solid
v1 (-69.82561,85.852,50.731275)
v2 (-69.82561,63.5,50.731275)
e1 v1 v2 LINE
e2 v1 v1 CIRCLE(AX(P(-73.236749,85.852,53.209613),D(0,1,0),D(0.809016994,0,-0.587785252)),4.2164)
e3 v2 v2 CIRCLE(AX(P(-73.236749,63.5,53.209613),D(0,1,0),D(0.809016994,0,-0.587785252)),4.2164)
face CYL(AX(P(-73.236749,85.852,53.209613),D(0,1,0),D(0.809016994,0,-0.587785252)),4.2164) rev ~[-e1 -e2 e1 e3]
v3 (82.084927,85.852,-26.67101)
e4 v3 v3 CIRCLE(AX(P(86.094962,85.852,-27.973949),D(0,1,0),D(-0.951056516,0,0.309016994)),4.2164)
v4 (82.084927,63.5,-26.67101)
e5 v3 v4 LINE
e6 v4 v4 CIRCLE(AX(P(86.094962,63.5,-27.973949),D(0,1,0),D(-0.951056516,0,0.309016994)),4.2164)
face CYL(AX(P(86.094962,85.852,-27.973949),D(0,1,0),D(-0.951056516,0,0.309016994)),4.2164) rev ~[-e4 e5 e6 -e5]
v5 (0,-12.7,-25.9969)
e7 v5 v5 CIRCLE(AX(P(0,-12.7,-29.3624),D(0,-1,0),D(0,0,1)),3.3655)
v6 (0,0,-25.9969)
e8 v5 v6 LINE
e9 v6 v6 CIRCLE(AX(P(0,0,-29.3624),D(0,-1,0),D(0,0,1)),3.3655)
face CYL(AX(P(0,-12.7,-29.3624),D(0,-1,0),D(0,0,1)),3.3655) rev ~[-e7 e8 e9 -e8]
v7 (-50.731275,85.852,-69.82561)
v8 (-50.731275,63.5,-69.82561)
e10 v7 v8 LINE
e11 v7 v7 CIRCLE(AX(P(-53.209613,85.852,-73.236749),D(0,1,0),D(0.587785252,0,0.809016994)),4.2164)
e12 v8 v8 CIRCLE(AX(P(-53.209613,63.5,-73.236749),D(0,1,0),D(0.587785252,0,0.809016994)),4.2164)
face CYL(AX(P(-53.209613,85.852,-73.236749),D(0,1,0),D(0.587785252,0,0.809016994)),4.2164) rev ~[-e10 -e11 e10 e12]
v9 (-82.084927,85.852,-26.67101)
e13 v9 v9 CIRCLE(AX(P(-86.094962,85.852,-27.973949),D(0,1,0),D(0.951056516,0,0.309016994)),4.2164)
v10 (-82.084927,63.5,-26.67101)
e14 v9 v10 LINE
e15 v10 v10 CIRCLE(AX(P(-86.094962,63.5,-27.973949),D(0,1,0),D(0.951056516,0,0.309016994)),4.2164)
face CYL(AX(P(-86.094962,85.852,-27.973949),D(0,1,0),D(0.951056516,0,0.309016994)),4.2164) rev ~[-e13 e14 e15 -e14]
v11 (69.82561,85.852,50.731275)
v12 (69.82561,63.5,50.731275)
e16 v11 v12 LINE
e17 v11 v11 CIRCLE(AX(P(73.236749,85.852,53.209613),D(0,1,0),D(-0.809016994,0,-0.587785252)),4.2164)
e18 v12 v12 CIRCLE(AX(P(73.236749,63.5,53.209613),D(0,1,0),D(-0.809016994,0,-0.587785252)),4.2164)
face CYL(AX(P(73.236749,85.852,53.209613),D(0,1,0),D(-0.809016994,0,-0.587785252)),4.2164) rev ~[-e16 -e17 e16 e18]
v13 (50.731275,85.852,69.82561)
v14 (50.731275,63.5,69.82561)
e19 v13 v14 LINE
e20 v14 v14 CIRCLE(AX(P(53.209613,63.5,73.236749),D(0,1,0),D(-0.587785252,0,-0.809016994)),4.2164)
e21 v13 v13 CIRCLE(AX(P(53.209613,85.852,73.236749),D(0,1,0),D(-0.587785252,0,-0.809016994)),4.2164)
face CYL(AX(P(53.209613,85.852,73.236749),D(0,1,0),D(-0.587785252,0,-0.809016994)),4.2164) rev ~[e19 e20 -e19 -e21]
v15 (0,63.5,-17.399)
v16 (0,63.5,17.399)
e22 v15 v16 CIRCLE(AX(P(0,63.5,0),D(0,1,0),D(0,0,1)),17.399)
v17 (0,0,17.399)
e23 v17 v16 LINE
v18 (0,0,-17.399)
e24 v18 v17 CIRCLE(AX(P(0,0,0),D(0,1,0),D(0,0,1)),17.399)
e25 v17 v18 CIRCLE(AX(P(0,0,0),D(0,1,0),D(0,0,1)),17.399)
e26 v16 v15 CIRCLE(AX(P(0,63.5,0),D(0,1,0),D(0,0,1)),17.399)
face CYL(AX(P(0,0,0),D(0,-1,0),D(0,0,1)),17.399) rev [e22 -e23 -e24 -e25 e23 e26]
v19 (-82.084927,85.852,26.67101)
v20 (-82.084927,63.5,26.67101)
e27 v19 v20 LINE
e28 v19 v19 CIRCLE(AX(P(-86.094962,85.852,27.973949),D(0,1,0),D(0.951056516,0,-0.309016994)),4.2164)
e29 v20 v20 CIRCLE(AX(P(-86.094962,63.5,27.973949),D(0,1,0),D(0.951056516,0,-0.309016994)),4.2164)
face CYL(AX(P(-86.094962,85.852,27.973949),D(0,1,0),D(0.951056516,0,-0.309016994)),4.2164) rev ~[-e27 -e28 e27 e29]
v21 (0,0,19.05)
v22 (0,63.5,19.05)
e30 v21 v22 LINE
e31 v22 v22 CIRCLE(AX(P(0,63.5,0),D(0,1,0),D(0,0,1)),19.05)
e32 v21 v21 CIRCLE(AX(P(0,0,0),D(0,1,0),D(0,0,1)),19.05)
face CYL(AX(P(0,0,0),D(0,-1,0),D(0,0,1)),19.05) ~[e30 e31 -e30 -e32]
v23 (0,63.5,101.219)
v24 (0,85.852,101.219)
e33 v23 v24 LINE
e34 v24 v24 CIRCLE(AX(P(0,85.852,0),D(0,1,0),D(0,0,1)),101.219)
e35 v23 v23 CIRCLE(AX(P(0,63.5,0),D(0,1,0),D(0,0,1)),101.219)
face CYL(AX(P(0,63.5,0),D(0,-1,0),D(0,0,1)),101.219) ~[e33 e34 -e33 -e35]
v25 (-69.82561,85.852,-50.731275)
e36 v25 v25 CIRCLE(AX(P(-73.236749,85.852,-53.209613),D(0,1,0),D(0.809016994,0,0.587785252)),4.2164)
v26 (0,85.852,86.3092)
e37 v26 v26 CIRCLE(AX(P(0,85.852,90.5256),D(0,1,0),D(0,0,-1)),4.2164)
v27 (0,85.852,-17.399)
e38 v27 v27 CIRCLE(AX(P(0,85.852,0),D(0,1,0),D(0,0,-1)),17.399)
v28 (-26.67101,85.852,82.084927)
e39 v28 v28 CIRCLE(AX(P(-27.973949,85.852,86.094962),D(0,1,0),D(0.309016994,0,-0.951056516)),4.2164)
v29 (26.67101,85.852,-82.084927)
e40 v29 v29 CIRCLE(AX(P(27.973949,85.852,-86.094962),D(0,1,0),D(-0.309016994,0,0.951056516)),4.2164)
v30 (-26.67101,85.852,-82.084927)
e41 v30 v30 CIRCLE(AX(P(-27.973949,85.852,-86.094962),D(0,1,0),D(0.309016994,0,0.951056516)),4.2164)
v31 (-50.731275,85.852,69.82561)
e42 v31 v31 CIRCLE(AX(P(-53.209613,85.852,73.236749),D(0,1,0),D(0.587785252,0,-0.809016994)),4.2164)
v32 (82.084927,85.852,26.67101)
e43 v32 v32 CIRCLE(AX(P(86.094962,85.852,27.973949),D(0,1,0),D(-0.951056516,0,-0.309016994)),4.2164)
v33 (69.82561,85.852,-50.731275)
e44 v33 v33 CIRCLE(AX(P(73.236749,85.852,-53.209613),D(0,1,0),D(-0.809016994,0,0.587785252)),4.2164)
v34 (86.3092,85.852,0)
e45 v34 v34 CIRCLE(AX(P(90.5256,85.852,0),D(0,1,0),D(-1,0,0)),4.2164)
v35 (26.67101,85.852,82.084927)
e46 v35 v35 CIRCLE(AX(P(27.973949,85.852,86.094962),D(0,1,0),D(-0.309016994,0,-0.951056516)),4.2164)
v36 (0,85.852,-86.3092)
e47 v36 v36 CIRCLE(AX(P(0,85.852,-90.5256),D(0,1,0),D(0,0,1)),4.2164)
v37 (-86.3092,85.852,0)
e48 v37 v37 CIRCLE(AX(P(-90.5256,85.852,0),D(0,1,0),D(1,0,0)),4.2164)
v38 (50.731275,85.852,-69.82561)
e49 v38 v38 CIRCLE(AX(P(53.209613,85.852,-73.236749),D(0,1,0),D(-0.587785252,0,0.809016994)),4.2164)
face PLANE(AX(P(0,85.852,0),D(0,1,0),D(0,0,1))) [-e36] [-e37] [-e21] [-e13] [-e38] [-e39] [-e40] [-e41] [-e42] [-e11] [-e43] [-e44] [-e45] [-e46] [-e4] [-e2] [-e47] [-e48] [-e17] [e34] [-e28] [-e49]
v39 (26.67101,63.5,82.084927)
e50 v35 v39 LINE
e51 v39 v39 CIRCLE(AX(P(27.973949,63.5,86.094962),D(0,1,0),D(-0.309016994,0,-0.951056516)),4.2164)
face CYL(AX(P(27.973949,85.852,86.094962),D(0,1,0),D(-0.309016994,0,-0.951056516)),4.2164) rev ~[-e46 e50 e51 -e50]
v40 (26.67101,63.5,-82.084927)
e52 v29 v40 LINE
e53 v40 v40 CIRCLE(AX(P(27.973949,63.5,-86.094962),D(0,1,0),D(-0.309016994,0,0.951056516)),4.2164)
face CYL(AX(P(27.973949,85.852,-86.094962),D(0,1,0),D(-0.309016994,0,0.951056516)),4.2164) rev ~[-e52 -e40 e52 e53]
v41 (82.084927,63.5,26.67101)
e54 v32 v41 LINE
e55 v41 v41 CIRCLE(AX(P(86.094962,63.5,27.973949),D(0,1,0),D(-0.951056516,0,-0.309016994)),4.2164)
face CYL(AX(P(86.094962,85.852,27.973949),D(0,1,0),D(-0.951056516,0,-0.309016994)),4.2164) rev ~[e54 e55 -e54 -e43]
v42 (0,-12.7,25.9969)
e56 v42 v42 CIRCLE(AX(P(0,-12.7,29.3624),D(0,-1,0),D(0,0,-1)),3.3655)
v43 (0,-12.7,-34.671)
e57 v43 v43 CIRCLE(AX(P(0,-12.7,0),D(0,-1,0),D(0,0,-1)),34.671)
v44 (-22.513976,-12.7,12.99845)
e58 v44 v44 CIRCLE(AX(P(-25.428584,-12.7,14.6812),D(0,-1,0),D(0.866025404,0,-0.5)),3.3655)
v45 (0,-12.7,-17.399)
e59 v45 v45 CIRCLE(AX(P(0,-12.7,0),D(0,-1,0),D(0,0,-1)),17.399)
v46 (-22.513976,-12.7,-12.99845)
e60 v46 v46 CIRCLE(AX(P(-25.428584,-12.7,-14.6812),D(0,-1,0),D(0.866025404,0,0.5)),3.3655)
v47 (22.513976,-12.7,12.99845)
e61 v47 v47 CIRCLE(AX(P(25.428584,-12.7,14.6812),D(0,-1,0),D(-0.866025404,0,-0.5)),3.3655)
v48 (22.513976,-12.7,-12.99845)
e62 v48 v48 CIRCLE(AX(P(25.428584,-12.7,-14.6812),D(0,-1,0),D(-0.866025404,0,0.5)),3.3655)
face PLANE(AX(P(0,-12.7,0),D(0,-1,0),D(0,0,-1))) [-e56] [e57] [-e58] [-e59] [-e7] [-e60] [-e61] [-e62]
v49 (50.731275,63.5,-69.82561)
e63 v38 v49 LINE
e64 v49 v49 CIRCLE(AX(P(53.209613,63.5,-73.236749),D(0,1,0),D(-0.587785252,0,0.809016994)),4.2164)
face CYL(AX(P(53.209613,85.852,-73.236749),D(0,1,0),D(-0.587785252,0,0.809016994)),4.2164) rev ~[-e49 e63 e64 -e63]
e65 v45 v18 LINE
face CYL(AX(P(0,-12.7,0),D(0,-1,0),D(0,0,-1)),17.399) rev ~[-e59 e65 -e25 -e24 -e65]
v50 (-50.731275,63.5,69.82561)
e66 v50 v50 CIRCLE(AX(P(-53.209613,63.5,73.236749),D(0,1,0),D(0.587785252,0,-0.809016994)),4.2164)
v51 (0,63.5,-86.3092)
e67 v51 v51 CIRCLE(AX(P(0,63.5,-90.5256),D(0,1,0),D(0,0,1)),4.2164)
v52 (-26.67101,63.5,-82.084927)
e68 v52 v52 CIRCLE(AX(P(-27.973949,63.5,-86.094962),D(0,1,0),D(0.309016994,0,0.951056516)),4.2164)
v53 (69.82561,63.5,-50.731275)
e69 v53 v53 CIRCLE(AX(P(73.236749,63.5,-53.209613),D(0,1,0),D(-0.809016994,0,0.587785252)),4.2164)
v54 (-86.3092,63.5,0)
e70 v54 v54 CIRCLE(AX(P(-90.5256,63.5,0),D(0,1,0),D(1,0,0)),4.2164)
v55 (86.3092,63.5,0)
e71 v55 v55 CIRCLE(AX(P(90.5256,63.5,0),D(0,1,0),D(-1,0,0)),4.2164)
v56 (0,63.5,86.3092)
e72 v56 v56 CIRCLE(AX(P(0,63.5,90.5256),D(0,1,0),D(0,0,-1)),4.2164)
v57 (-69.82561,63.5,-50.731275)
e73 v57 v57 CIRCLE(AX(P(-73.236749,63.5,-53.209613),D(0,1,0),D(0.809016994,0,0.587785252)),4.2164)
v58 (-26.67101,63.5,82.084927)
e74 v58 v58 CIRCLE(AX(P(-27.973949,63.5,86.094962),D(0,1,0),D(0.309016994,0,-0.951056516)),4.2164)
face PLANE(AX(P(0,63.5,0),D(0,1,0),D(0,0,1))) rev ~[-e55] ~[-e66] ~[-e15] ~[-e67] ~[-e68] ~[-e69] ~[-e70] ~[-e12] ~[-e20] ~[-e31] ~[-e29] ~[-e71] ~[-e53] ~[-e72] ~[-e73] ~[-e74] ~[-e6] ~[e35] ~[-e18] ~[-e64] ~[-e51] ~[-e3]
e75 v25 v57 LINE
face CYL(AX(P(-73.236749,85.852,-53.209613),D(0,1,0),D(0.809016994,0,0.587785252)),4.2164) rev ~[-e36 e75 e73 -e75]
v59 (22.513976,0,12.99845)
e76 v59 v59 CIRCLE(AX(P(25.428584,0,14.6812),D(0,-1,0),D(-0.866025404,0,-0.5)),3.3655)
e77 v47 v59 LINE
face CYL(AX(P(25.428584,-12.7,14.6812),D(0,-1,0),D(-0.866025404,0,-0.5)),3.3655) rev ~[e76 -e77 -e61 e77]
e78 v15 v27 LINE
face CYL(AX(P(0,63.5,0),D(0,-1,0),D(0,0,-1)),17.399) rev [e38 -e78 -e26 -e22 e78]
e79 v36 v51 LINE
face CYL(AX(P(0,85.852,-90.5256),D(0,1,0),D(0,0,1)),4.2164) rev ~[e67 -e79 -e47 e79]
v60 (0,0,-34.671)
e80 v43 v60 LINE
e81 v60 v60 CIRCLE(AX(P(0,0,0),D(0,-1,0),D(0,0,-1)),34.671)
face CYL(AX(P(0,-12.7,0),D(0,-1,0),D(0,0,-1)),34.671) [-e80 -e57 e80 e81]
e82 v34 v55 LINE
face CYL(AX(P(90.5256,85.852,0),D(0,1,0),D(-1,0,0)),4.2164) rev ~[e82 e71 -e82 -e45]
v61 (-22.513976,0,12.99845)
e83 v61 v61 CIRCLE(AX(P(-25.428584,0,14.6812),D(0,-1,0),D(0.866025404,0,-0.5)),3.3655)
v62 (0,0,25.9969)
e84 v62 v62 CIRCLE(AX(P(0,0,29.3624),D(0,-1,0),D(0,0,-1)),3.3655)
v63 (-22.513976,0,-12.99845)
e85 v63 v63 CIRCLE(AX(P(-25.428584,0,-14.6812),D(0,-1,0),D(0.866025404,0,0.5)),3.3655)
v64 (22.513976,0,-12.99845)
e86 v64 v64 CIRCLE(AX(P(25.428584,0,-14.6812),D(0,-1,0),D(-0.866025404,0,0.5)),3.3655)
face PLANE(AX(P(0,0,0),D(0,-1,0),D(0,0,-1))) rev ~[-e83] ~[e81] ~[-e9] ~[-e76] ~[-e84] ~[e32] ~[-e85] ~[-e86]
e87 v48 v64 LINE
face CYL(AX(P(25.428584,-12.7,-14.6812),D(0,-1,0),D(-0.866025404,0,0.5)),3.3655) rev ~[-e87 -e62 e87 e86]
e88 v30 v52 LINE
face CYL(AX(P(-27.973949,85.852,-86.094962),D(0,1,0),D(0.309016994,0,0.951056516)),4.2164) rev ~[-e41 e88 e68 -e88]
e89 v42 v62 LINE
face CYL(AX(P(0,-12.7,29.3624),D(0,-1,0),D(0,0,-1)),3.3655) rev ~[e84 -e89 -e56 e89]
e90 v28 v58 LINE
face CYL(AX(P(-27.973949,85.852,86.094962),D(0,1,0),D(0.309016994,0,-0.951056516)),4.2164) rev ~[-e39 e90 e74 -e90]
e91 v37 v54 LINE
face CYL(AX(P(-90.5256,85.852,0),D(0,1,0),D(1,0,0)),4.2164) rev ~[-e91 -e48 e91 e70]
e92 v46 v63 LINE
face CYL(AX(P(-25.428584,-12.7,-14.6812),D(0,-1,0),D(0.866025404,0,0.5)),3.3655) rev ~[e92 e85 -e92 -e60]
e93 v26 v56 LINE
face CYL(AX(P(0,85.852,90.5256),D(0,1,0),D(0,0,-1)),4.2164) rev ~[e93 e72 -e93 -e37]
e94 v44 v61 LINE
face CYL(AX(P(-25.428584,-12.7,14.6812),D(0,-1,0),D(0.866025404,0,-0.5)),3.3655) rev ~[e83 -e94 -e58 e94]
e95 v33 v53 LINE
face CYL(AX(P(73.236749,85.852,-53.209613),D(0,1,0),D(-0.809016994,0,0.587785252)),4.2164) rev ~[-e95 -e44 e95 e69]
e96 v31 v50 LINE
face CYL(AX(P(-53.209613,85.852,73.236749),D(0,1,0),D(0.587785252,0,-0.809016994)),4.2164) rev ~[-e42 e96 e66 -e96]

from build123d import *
from build123d.topology import SkipClean

# Parameters (mm, degrees)
SKETCH1_R         = 19.05
SKETCH1_R_2       = 17.399
EXTRUDE1_DEPTH    = 63.5
EXTRUDE2_START    = 12.7
SKETCH2_R         = 34.671
SKETCH2_R_2       = 17.399
EXTRUDE2_DEPTH    = 12.7
SKETCH3_R         = 101.219
SKETCH3_R_2       = 17.399
EXTRUDE3_DEPTH    = 22.352
EXTRUDE4_REACH    = 175.79
SKETCH4_R         = 4.2164
CIRPATTERN1_COUNT = 20
EXTRUDE5_REACH    = 175.79
SKETCH6_R         = 3.3655
CIRPATTERN2_COUNT = 6


with BuildPart() as part:
    # Sketch1 → Extrude1 (new body)
    with BuildSketch(Plane(origin=(0, 0, 0), x_dir=(1, 0, 0), z_dir=(0, 1, 0))):
        with Locations(Location((0, 0, 0), (0, 0, 270))):
            Circle(SKETCH1_R)
        with Locations(Location((0, 0, 0), (0, 0, 270))):
            Circle(SKETCH1_R_2, mode=Mode.SUBTRACT)
    extrude(amount=EXTRUDE1_DEPTH)

    # Sketch2 → Extrude2 (add)
    with SkipClean():  # the faces are left unmerged after this step: merging them gives an invalid solid
        with BuildSketch(Plane.XZ.offset(EXTRUDE2_START)):
            with Locations(Location((0, 0, 0), (0, 0, 270))):
                Circle(SKETCH2_R)
            with Locations(Location((0, 0, 0), (0, 0, 270))):
                Circle(SKETCH2_R_2, mode=Mode.SUBTRACT)
        extrude(amount=-EXTRUDE2_DEPTH)

    # Sketch3 → Extrude3 (add)
    with BuildSketch(Plane(origin=(0, 63.5, 0), x_dir=(1, 0, 0), z_dir=(0, 1, 0))):
        with Locations(Location((0, 0, 0), (0, 0, 270))):
            Circle(SKETCH3_R)
        with Locations(Location((0, 0, 0), (0, 0, 90))):
            Circle(SKETCH3_R_2, mode=Mode.SUBTRACT)
    extrude(amount=EXTRUDE3_DEPTH)

    # Sketch4 → Extrude4 (cut, up to next)
    with BuildSketch(Plane(origin=(0, 85.852, 0), x_dir=(1, 0, 0), z_dir=(0, 1, 0)), mode=Mode.PRIVATE) as extrude4_sk1:
        with Locations(Location((0, 90.5256, 0), (0, 0, 270))):
            Circle(SKETCH4_R)
    extrude4_tool1 = extrude(extrude4_sk1.sketch, amount=-EXTRUDE4_REACH, mode=Mode.PRIVATE) & part.part
    extrude4 = extrude4_tool1.solids().sort_by_distance((0, 85.852, -90.5256))[0]
    add(extrude4, mode=Mode.SUBTRACT)

    # CirPattern1: Extrude4 ×20 about axis
    cirpattern1_axis = Axis((0, 0, 0), (0, 1, 0))
    for i in range(1, CIRPATTERN1_COUNT):
        add(extrude4.rotate(cirpattern1_axis, i * 360 / CIRPATTERN1_COUNT), mode=Mode.SUBTRACT)

    # Sketch6 → Extrude5 (cut, up to next)
    with BuildSketch(Plane.XZ.offset(12.7), mode=Mode.PRIVATE) as extrude5_sk1:
        with Locations(Location((0, 29.3624, 0), (0, 0, 270))):
            Circle(SKETCH6_R)
    extrude5_tool1 = extrude(extrude5_sk1.sketch, amount=-EXTRUDE5_REACH, mode=Mode.PRIVATE) & part.part
    extrude5 = extrude5_tool1.solids().sort_by_distance((0, -12.7, 29.3624))[0]
    add(extrude5, mode=Mode.SUBTRACT)

    # CirPattern2: Extrude5 ×6 about axis
    cirpattern2_axis = Axis((0, 0, 0), (0, 1, 0))
    for i in range(1, CIRPATTERN2_COUNT):
        add(extrude5.rotate(cirpattern2_axis, i * 360 / CIRPATTERN2_COUNT), mode=Mode.SUBTRACT)


solid = part.part
